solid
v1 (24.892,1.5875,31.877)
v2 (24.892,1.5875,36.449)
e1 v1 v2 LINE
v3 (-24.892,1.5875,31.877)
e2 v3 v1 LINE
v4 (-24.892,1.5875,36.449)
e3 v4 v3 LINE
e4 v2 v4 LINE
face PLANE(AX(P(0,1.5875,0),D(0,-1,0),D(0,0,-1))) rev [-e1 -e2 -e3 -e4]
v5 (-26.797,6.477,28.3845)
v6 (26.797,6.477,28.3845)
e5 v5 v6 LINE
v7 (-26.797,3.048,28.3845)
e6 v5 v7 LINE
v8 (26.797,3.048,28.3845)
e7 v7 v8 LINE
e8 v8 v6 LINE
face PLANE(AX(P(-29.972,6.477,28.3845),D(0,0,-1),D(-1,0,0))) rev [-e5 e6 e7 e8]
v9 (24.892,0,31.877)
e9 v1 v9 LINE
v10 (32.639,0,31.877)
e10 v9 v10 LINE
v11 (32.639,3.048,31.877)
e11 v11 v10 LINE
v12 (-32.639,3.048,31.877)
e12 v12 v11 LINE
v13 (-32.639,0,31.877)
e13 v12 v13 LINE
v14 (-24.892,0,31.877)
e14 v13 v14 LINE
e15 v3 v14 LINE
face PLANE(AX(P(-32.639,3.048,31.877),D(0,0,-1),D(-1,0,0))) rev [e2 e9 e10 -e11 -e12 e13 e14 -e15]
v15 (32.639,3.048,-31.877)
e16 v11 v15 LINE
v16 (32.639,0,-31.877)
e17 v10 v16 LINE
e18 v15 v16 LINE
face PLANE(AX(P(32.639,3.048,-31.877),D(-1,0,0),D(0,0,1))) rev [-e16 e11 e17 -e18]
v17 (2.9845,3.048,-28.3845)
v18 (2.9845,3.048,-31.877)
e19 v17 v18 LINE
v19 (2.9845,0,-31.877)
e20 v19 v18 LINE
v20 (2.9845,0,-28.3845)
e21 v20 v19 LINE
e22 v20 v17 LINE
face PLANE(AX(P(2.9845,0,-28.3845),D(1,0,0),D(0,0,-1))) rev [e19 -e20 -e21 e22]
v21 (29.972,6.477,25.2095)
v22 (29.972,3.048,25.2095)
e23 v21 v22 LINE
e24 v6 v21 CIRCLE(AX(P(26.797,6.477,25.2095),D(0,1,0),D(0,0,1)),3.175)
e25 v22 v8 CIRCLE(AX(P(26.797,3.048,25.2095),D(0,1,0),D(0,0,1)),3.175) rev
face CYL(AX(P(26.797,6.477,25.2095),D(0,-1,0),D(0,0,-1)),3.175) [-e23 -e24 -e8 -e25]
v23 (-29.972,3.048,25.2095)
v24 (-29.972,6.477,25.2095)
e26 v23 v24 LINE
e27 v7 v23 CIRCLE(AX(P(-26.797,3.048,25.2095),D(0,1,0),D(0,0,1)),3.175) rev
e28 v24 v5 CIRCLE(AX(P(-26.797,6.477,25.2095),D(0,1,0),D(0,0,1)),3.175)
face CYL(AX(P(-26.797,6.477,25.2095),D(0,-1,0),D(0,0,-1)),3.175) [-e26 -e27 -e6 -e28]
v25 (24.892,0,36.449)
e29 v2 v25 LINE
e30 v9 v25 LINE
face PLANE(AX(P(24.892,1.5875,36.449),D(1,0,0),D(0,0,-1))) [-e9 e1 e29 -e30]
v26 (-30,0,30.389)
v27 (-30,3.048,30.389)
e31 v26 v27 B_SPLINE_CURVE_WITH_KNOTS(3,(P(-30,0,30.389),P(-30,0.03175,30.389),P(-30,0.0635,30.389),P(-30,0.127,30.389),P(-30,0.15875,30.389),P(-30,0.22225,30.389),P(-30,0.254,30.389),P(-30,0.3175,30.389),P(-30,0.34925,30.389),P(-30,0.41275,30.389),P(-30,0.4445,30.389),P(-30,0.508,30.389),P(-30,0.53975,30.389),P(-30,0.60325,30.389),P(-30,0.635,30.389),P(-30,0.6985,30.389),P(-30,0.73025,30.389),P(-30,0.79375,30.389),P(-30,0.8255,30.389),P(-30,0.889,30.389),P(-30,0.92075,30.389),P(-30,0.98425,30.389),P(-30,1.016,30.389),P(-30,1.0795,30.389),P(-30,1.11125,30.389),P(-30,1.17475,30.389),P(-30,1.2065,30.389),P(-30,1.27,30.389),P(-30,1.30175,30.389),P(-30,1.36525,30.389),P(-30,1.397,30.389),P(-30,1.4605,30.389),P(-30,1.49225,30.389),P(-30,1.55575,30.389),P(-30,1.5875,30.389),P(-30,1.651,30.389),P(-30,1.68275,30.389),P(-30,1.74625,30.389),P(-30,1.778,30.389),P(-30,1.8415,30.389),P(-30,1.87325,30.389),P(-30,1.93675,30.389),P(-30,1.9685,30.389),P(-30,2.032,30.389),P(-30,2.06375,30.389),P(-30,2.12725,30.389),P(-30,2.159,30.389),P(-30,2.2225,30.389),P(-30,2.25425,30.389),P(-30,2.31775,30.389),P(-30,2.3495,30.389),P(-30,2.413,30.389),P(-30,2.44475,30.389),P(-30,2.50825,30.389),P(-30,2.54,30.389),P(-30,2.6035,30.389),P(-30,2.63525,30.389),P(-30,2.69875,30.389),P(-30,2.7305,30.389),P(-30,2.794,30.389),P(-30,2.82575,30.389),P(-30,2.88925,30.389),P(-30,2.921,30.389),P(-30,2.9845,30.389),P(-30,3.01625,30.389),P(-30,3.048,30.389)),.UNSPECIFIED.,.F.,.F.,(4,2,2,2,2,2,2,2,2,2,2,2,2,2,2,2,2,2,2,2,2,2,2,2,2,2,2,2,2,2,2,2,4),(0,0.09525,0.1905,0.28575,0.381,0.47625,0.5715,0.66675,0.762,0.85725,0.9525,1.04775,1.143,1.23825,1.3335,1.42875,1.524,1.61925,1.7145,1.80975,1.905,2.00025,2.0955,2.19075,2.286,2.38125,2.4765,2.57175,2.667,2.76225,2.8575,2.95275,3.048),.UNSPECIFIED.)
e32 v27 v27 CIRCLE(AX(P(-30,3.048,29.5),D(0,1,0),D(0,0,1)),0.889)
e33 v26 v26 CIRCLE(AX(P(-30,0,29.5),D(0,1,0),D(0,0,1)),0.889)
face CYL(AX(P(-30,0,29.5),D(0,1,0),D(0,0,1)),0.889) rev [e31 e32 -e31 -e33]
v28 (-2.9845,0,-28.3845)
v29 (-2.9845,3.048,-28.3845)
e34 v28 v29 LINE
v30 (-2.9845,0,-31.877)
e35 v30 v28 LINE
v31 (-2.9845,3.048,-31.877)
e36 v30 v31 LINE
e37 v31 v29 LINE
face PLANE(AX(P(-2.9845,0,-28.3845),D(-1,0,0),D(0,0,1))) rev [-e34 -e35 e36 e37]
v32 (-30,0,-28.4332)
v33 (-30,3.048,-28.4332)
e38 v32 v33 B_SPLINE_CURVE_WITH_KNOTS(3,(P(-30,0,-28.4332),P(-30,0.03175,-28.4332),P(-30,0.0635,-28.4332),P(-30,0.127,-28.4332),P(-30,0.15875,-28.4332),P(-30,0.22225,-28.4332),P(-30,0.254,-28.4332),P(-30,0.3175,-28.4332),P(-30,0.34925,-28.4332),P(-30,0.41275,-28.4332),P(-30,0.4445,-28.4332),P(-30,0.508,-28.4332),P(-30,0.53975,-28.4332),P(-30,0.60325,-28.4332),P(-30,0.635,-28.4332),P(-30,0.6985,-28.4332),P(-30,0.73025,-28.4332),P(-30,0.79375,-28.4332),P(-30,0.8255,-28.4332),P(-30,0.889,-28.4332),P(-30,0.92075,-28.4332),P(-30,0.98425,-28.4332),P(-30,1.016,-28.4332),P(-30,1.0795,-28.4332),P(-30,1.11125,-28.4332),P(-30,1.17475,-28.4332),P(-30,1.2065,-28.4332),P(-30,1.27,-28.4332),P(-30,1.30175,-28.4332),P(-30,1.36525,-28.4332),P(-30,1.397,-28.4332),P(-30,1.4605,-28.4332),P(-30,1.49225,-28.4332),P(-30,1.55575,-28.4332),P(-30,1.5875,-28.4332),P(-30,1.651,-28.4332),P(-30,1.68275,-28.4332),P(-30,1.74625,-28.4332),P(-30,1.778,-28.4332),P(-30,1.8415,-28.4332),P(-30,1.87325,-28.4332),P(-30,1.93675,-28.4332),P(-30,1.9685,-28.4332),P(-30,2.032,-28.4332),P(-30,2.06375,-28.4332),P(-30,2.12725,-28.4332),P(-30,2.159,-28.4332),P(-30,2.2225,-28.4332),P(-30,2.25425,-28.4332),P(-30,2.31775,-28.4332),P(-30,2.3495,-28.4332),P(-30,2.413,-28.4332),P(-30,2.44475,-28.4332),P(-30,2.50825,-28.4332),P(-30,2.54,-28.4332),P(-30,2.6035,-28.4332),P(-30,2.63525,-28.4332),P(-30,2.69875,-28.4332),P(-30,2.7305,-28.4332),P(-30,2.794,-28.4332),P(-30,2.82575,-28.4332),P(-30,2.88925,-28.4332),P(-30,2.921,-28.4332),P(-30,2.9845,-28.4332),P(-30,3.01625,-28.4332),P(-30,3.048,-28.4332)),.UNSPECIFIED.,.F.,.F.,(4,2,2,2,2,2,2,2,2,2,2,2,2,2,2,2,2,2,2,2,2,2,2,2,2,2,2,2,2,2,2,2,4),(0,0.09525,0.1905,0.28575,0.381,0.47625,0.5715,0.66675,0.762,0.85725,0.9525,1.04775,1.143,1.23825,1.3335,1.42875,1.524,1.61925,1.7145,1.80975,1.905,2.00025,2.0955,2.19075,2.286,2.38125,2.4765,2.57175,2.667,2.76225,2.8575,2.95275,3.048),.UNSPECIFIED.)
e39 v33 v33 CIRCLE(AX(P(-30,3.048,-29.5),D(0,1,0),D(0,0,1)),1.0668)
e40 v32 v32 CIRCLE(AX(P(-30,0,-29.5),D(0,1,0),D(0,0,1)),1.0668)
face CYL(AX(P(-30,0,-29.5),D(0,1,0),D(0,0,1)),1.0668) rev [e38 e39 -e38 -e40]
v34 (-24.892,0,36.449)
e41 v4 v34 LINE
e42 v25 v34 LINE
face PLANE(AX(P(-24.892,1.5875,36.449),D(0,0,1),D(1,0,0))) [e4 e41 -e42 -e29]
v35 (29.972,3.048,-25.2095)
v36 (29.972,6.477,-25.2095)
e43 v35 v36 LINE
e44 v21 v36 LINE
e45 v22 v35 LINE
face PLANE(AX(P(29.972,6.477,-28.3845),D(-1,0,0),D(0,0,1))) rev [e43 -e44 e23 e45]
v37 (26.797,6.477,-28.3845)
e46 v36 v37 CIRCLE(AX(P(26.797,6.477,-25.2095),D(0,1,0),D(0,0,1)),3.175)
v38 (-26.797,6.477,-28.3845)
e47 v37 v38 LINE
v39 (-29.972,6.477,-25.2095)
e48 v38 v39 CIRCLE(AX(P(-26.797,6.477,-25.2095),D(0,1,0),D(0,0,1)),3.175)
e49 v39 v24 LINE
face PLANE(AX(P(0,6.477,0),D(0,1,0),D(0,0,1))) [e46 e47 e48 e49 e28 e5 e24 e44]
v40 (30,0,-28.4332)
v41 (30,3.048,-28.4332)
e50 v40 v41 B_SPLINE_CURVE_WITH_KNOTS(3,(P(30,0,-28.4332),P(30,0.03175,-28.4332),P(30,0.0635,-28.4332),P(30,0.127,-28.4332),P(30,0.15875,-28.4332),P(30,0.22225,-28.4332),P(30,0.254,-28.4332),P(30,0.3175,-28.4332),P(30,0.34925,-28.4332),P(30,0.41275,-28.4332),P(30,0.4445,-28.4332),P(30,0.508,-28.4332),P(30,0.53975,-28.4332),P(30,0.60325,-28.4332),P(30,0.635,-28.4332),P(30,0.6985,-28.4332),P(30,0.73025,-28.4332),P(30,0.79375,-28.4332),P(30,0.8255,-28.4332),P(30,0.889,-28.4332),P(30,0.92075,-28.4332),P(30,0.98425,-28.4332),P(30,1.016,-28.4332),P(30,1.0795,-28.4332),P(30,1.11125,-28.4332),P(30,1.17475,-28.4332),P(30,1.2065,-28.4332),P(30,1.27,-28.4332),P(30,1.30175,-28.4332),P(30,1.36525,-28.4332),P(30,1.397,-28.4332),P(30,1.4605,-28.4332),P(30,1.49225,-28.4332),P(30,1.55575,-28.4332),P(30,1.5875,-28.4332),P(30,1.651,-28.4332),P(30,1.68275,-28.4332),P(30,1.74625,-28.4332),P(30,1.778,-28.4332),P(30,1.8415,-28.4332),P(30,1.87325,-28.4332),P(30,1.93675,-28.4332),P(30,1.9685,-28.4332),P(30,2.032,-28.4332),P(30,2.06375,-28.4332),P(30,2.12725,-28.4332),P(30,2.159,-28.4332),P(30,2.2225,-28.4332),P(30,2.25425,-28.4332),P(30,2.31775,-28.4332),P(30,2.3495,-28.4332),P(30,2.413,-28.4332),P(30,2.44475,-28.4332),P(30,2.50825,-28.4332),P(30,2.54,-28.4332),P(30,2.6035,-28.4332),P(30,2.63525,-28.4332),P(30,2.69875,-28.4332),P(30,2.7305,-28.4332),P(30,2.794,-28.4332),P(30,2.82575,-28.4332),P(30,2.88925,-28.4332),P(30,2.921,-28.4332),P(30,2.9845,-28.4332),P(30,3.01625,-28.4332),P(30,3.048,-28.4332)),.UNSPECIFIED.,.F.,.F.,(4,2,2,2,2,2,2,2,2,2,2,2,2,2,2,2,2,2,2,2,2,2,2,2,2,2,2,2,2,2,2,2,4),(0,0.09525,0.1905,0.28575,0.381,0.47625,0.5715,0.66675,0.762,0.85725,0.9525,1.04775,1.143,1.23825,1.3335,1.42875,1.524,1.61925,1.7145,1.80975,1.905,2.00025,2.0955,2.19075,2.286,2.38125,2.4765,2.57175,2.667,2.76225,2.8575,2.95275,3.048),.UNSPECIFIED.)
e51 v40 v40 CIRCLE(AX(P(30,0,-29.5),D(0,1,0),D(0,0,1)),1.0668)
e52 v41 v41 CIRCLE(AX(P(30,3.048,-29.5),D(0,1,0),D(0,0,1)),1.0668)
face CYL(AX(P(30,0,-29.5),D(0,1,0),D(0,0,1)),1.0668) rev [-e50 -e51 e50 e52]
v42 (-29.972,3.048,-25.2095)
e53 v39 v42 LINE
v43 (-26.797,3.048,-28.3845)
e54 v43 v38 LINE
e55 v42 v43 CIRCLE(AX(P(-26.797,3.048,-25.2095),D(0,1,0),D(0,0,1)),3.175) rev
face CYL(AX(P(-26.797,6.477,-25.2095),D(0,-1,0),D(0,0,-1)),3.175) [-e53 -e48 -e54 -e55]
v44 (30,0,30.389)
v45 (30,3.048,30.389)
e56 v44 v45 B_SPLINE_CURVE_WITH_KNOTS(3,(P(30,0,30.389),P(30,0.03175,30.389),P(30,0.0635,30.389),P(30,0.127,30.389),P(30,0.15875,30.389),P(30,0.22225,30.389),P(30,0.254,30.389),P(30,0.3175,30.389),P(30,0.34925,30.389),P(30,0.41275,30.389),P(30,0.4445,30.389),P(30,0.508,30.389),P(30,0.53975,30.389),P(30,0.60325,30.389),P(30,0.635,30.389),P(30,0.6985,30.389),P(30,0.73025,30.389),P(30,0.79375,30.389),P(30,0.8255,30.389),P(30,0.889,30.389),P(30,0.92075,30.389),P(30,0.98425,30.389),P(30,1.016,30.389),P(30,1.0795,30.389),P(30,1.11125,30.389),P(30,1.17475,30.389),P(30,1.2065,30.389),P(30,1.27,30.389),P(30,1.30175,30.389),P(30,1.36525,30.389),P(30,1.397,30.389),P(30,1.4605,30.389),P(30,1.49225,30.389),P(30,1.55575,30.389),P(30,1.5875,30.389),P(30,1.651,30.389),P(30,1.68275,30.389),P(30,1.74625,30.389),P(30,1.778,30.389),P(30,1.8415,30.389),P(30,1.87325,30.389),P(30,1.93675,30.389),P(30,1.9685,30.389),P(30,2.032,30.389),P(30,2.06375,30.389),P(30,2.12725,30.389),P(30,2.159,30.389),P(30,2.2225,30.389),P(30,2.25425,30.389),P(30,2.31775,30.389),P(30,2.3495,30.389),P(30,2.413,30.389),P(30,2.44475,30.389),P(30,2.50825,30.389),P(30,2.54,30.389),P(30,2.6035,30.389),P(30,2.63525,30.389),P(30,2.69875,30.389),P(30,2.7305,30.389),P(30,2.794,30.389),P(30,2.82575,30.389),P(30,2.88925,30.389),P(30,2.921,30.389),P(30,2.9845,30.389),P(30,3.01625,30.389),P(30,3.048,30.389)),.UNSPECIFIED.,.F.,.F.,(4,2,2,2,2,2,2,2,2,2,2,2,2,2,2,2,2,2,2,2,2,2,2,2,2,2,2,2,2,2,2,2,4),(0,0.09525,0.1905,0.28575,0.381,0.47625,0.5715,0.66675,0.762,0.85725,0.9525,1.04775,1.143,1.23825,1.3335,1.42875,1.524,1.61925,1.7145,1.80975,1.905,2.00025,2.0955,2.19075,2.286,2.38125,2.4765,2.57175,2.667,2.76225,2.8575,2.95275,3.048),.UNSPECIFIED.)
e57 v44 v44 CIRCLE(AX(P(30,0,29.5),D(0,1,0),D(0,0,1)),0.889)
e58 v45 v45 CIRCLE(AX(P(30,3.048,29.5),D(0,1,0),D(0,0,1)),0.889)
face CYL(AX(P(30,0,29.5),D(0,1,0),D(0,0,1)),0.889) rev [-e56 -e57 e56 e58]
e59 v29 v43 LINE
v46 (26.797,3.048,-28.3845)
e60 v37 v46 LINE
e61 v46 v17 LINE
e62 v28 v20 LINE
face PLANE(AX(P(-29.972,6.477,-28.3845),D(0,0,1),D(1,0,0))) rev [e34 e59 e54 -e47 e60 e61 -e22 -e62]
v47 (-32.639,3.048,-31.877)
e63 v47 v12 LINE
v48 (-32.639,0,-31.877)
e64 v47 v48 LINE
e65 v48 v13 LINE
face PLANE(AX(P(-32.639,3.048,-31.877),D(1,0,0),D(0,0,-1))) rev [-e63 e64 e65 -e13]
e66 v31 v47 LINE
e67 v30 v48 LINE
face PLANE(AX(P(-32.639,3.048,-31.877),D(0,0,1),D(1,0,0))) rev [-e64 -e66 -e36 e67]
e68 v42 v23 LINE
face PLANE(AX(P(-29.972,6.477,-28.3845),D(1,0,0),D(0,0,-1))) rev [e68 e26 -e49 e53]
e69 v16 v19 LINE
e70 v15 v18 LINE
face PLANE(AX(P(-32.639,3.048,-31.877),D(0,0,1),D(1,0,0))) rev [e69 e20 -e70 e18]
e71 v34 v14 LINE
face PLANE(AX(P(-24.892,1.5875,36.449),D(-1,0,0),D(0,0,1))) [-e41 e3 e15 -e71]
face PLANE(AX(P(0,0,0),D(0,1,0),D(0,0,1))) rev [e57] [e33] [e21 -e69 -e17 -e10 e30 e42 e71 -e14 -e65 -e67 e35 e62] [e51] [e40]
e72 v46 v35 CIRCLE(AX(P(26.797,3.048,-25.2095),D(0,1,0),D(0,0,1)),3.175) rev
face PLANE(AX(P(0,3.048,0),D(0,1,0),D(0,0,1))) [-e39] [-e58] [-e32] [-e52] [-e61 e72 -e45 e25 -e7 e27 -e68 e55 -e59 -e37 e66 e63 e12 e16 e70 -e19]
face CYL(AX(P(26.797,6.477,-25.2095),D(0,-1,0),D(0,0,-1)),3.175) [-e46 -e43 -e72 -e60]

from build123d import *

# Parameters (mm, degrees)
SKETCH1_W           = 65.278
SKETCH1_H           = 63.754
BOSS_EXTRUDE1_DEPTH = 3.048
SKETCH2_W           = 59.944
SKETCH2_H           = 56.769
BOSS_EXTRUDE2_DEPTH = 3.429
SKETCH3_R           = 1.0668
SKETCH3_R_2         = 0.889
CUT_EXTRUDE1_DEPTH  = 46.751562716
FILLET1_R           = 3.175
SKETCH4_W           = 5.969
SKETCH4_H           = 3.4925
CUT_EXTRUDE2_DEPTH  = 46.751562716
SKETCH5_W           = 49.784
SKETCH5_H           = 4.572
BOSS_EXTRUDE3_DEPTH = 1.5875


with BuildPart() as part:
    # Sketch1 → Boss-Extrude1 (new body)
    with BuildSketch(Plane(origin=(0, 0, 0), x_dir=(1, 0, 0), z_dir=(0, 1, 0))):
        Rectangle(SKETCH1_W, SKETCH1_H)
    extrude(amount=BOSS_EXTRUDE1_DEPTH)

    # Sketch2 → Boss-Extrude2 (add)
    with BuildSketch(Plane(origin=(0, 3.048, 0), x_dir=(1, 0, 0), z_dir=(0, 1, 0))):
        Rectangle(SKETCH2_W, SKETCH2_H)
    extrude(amount=BOSS_EXTRUDE2_DEPTH)

    # Sketch3 → Cut-Extrude1 (cut, through all)
    with BuildSketch(Plane(origin=(0, 3.048, 0), x_dir=(1, 0, 0), z_dir=(0, 1, 0))):
        with Locations(Location((-30, 29.5, 0), (0, 0, 270))):
            Circle(SKETCH3_R)
        with Locations(Location((30, 29.5, 0), (0, 0, 270))):
            Circle(SKETCH3_R)
        with Locations(Location((30, -29.5, 0), (0, 0, 270))):
            Circle(SKETCH3_R_2)
        with Locations(Location((-30, -29.5, 0), (0, 0, 270))):
            Circle(SKETCH3_R_2)
    extrude(amount=-CUT_EXTRUDE1_DEPTH, mode=Mode.SUBTRACT)

    # Fillet1
    fillet1_edges = [part.edges().sort_by_distance(p)[0] for p in [
        (29.972, 4.7625, 28.3845),
        (29.972, 4.7625, -28.3845),
        (-29.972, 4.7625, -28.3845),
        (-29.972, 4.7625, 28.3845),
    ]]
    fillet(fillet1_edges, radius=FILLET1_R)

    # Sketch4 → Cut-Extrude2 (cut, through all)
    with BuildSketch(Plane(origin=(0, 3.048, 0), x_dir=(1, 0, 0), z_dir=(0, 1, 0))):
        with Locations((0, 30.13075)):
            Rectangle(SKETCH4_W, SKETCH4_H)
    extrude(amount=-CUT_EXTRUDE2_DEPTH, mode=Mode.SUBTRACT)

    # Sketch5 → Boss-Extrude3 (add)
    with BuildSketch(Plane.XZ):
        with Locations((0, 34.163)):
            Rectangle(SKETCH5_W, SKETCH5_H)
    extrude(amount=-BOSS_EXTRUDE3_DEPTH)


solid = part.part
